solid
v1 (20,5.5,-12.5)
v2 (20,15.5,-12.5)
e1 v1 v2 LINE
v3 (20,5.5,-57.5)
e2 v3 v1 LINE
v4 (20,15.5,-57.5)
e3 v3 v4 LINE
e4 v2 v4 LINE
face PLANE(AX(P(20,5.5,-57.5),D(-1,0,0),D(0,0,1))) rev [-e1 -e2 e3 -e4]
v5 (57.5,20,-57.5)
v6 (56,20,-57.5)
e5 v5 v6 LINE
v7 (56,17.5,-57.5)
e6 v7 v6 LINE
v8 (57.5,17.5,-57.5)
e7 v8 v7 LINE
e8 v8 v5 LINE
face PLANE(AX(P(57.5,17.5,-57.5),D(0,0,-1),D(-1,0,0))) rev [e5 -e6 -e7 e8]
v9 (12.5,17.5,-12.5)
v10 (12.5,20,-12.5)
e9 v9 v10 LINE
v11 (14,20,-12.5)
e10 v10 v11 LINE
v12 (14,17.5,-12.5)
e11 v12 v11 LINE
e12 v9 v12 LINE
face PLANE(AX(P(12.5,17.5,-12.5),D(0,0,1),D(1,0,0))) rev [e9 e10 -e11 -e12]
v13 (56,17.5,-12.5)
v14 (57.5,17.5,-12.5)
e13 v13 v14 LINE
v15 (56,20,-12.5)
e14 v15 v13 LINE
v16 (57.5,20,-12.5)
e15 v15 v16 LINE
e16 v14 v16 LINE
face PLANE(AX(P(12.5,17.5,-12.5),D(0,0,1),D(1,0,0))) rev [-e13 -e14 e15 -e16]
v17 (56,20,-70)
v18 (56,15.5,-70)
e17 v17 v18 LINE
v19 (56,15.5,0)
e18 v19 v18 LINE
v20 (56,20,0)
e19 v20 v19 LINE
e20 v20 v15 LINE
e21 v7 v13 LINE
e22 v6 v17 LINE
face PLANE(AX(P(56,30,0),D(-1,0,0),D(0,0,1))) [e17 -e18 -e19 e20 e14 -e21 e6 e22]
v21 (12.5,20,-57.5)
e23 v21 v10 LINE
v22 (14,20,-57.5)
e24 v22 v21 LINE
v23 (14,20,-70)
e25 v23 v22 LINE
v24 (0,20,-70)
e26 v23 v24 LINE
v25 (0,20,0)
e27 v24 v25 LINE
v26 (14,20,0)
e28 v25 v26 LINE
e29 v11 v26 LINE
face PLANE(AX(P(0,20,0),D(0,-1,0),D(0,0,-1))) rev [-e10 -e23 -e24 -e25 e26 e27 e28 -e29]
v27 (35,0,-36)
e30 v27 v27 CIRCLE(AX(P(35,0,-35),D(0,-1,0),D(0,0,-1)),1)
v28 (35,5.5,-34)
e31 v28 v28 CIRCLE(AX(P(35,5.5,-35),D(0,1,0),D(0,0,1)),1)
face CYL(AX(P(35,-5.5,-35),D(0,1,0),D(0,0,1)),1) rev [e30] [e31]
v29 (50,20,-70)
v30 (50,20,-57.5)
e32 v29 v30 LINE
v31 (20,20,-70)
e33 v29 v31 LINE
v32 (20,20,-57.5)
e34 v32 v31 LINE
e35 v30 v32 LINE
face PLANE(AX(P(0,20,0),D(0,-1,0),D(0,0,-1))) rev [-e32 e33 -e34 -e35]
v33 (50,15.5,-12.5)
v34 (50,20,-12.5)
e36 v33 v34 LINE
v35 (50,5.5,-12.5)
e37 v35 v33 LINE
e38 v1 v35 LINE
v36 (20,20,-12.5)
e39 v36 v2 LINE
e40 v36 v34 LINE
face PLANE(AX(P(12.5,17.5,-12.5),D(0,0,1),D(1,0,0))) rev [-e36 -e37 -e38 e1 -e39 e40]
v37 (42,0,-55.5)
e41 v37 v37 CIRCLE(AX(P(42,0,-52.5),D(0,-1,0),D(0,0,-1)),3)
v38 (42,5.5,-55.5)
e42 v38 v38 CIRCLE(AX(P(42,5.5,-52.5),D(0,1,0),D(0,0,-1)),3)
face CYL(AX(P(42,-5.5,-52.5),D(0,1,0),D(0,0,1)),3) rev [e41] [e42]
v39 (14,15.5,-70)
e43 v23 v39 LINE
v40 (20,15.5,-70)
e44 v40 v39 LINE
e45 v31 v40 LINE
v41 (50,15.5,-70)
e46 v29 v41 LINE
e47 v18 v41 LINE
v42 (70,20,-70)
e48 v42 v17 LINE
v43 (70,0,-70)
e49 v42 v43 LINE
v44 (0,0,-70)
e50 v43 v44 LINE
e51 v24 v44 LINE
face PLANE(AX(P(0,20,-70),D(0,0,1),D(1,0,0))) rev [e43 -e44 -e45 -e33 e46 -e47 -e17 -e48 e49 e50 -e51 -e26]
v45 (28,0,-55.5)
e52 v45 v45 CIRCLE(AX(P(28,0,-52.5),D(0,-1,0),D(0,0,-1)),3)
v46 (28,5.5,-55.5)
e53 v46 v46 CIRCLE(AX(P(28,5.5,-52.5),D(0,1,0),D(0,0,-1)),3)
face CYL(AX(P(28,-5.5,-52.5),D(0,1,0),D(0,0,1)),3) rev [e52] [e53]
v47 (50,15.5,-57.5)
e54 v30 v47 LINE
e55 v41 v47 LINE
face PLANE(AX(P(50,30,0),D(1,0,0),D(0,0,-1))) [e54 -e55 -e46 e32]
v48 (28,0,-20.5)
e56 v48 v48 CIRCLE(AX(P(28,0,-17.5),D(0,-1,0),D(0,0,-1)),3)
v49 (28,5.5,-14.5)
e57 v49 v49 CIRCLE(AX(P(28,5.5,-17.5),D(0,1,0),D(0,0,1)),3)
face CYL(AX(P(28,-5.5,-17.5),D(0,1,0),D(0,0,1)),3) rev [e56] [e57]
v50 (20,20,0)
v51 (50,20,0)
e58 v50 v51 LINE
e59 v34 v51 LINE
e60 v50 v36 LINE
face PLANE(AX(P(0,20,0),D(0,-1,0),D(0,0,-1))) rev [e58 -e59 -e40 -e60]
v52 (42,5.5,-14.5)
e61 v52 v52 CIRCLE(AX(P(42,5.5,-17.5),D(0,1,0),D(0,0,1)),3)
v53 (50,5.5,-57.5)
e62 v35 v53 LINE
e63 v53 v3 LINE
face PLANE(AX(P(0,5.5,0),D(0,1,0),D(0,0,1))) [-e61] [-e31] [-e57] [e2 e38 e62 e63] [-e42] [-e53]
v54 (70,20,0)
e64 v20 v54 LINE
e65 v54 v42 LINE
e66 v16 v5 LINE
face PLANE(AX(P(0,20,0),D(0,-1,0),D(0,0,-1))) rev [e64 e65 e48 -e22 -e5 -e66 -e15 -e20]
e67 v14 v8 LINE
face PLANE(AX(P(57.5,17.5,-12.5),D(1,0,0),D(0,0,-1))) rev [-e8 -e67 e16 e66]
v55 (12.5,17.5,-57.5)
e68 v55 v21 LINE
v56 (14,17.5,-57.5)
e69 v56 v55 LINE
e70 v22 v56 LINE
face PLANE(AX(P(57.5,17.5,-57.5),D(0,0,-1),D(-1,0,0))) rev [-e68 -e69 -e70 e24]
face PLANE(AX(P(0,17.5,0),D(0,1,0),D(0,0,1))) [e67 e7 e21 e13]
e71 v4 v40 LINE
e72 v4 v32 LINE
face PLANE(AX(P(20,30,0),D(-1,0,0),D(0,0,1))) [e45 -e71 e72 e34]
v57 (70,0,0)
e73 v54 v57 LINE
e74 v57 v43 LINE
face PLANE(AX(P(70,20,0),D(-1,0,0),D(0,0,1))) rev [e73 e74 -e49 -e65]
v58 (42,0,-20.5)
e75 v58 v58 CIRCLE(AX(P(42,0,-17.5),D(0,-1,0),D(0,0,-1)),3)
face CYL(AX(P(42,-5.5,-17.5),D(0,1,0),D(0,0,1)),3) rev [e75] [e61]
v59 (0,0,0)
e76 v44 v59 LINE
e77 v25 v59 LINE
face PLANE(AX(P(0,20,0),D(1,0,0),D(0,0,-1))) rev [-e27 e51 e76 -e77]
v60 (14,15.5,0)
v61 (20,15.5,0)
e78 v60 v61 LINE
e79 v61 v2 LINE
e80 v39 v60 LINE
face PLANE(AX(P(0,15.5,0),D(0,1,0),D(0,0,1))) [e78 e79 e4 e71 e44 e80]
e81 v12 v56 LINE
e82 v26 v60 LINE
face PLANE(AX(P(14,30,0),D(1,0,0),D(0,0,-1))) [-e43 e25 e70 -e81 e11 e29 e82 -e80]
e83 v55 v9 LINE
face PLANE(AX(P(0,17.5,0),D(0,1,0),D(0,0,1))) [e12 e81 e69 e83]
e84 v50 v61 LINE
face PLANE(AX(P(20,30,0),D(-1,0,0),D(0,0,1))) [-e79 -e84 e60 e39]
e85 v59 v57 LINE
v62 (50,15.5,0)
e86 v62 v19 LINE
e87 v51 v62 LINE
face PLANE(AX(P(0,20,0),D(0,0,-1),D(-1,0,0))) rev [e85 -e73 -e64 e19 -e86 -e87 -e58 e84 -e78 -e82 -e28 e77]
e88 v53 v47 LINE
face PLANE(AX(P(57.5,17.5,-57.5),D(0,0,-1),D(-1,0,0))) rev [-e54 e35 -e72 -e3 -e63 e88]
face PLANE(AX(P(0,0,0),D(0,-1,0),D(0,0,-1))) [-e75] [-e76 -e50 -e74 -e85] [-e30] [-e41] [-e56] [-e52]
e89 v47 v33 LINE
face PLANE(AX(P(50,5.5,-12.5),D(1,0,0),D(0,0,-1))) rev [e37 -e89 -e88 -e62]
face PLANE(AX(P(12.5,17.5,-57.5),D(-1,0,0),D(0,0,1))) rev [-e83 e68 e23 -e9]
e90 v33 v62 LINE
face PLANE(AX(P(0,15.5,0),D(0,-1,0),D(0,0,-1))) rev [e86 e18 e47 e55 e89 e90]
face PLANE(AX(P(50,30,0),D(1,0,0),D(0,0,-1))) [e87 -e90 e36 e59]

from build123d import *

# Parameters (mm, degrees)
CROQUIS1_W                 = 70
CROQUIS1_H                 = 70
SALIENTE_EXTRUIR1_DEPTH    = 20
CROQUIS2_W                 = 45
CROQUIS2_H                 = 45
CORTAR_EXTRUIR1_DEPTH      = 2.5
CORTAR_EXTRUIR2_DEPTH      = 12.5
CORTAR_EXTRUIR2_DEPTH_BACK = 2
CROQUIS3_W                 = 6
CROQUIS3_H                 = 70
CROQUIS4_W                 = 30
CROQUIS4_H                 = 45
CORTAR_EXTRUIR3_DEPTH      = 12
CROQUIS5_R                 = 3
CROQUIS5_R_2               = 1
CORTAR_EXTRUIR4_DEPTH      = 11


with BuildPart() as part:
    # Croquis1 → Saliente-Extruir1 (new body)
    with BuildSketch(Plane(origin=(0, 0, 0), x_dir=(1, 0, 0), z_dir=(0, 1, 0))):
        with Locations((35, 35)):
            Rectangle(CROQUIS1_W, CROQUIS1_H)
    extrude(amount=SALIENTE_EXTRUIR1_DEPTH)

    # Croquis2 → Cortar-Extruir1 (cut)
    with BuildSketch(Plane(origin=(0, 20, 0), x_dir=(1, 0, 0), z_dir=(0, 1, 0))):
        with Locations((35, 35)):
            Rectangle(CROQUIS2_W, CROQUIS2_H)
    extrude(amount=-CORTAR_EXTRUIR1_DEPTH, mode=Mode.SUBTRACT)

    # Croquis3 → Cortar-Extruir2 (cut, two sides: drawn at the far end of the back side and taken through both)
    with BuildSketch(Plane(origin=(0, 17.5, 0), x_dir=(1, 0, 0), z_dir=(0, 1, 0)).offset(-CORTAR_EXTRUIR2_DEPTH_BACK)):
        with Locations((53, 35)):
            Rectangle(CROQUIS3_W, CROQUIS3_H)
        with Locations((17, 35)):
            Rectangle(CROQUIS3_W, CROQUIS3_H)
    extrude(amount=CORTAR_EXTRUIR2_DEPTH + CORTAR_EXTRUIR2_DEPTH_BACK, mode=Mode.SUBTRACT)

    # Croquis4 → Cortar-Extruir3 (cut)
    with BuildSketch(Plane(origin=(0, 17.5, 0), x_dir=(1, 0, 0), z_dir=(0, 1, 0))):
        with Locations((35, 35)):
            Rectangle(CROQUIS4_W, CROQUIS4_H)
    extrude(amount=-CORTAR_EXTRUIR3_DEPTH, mode=Mode.SUBTRACT)

    # Croquis5 → Cortar-Extruir4 (cut)
    with BuildSketch(Plane(origin=(0, 5.5, 0), x_dir=(1, 0, 0), z_dir=(0, 1, 0))):
        with Locations(Location((28, 17.5, 0), (0, 0, 270))):
            Circle(CROQUIS5_R)
        with Locations(Location((42, 17.5, 0), (0, 0, 270))):
            Circle(CROQUIS5_R)
        with Locations(Location((42, 52.5, 0), (0, 0, 90))):
            Circle(CROQUIS5_R)
        with Locations(Location((28, 52.5, 0), (0, 0, 90))):
            Circle(CROQUIS5_R)
        with Locations(Location((35, 35, 0), (0, 0, 270))):
            Circle(CROQUIS5_R_2)
    extrude(amount=-CORTAR_EXTRUIR4_DEPTH, mode=Mode.SUBTRACT)


solid = part.part
